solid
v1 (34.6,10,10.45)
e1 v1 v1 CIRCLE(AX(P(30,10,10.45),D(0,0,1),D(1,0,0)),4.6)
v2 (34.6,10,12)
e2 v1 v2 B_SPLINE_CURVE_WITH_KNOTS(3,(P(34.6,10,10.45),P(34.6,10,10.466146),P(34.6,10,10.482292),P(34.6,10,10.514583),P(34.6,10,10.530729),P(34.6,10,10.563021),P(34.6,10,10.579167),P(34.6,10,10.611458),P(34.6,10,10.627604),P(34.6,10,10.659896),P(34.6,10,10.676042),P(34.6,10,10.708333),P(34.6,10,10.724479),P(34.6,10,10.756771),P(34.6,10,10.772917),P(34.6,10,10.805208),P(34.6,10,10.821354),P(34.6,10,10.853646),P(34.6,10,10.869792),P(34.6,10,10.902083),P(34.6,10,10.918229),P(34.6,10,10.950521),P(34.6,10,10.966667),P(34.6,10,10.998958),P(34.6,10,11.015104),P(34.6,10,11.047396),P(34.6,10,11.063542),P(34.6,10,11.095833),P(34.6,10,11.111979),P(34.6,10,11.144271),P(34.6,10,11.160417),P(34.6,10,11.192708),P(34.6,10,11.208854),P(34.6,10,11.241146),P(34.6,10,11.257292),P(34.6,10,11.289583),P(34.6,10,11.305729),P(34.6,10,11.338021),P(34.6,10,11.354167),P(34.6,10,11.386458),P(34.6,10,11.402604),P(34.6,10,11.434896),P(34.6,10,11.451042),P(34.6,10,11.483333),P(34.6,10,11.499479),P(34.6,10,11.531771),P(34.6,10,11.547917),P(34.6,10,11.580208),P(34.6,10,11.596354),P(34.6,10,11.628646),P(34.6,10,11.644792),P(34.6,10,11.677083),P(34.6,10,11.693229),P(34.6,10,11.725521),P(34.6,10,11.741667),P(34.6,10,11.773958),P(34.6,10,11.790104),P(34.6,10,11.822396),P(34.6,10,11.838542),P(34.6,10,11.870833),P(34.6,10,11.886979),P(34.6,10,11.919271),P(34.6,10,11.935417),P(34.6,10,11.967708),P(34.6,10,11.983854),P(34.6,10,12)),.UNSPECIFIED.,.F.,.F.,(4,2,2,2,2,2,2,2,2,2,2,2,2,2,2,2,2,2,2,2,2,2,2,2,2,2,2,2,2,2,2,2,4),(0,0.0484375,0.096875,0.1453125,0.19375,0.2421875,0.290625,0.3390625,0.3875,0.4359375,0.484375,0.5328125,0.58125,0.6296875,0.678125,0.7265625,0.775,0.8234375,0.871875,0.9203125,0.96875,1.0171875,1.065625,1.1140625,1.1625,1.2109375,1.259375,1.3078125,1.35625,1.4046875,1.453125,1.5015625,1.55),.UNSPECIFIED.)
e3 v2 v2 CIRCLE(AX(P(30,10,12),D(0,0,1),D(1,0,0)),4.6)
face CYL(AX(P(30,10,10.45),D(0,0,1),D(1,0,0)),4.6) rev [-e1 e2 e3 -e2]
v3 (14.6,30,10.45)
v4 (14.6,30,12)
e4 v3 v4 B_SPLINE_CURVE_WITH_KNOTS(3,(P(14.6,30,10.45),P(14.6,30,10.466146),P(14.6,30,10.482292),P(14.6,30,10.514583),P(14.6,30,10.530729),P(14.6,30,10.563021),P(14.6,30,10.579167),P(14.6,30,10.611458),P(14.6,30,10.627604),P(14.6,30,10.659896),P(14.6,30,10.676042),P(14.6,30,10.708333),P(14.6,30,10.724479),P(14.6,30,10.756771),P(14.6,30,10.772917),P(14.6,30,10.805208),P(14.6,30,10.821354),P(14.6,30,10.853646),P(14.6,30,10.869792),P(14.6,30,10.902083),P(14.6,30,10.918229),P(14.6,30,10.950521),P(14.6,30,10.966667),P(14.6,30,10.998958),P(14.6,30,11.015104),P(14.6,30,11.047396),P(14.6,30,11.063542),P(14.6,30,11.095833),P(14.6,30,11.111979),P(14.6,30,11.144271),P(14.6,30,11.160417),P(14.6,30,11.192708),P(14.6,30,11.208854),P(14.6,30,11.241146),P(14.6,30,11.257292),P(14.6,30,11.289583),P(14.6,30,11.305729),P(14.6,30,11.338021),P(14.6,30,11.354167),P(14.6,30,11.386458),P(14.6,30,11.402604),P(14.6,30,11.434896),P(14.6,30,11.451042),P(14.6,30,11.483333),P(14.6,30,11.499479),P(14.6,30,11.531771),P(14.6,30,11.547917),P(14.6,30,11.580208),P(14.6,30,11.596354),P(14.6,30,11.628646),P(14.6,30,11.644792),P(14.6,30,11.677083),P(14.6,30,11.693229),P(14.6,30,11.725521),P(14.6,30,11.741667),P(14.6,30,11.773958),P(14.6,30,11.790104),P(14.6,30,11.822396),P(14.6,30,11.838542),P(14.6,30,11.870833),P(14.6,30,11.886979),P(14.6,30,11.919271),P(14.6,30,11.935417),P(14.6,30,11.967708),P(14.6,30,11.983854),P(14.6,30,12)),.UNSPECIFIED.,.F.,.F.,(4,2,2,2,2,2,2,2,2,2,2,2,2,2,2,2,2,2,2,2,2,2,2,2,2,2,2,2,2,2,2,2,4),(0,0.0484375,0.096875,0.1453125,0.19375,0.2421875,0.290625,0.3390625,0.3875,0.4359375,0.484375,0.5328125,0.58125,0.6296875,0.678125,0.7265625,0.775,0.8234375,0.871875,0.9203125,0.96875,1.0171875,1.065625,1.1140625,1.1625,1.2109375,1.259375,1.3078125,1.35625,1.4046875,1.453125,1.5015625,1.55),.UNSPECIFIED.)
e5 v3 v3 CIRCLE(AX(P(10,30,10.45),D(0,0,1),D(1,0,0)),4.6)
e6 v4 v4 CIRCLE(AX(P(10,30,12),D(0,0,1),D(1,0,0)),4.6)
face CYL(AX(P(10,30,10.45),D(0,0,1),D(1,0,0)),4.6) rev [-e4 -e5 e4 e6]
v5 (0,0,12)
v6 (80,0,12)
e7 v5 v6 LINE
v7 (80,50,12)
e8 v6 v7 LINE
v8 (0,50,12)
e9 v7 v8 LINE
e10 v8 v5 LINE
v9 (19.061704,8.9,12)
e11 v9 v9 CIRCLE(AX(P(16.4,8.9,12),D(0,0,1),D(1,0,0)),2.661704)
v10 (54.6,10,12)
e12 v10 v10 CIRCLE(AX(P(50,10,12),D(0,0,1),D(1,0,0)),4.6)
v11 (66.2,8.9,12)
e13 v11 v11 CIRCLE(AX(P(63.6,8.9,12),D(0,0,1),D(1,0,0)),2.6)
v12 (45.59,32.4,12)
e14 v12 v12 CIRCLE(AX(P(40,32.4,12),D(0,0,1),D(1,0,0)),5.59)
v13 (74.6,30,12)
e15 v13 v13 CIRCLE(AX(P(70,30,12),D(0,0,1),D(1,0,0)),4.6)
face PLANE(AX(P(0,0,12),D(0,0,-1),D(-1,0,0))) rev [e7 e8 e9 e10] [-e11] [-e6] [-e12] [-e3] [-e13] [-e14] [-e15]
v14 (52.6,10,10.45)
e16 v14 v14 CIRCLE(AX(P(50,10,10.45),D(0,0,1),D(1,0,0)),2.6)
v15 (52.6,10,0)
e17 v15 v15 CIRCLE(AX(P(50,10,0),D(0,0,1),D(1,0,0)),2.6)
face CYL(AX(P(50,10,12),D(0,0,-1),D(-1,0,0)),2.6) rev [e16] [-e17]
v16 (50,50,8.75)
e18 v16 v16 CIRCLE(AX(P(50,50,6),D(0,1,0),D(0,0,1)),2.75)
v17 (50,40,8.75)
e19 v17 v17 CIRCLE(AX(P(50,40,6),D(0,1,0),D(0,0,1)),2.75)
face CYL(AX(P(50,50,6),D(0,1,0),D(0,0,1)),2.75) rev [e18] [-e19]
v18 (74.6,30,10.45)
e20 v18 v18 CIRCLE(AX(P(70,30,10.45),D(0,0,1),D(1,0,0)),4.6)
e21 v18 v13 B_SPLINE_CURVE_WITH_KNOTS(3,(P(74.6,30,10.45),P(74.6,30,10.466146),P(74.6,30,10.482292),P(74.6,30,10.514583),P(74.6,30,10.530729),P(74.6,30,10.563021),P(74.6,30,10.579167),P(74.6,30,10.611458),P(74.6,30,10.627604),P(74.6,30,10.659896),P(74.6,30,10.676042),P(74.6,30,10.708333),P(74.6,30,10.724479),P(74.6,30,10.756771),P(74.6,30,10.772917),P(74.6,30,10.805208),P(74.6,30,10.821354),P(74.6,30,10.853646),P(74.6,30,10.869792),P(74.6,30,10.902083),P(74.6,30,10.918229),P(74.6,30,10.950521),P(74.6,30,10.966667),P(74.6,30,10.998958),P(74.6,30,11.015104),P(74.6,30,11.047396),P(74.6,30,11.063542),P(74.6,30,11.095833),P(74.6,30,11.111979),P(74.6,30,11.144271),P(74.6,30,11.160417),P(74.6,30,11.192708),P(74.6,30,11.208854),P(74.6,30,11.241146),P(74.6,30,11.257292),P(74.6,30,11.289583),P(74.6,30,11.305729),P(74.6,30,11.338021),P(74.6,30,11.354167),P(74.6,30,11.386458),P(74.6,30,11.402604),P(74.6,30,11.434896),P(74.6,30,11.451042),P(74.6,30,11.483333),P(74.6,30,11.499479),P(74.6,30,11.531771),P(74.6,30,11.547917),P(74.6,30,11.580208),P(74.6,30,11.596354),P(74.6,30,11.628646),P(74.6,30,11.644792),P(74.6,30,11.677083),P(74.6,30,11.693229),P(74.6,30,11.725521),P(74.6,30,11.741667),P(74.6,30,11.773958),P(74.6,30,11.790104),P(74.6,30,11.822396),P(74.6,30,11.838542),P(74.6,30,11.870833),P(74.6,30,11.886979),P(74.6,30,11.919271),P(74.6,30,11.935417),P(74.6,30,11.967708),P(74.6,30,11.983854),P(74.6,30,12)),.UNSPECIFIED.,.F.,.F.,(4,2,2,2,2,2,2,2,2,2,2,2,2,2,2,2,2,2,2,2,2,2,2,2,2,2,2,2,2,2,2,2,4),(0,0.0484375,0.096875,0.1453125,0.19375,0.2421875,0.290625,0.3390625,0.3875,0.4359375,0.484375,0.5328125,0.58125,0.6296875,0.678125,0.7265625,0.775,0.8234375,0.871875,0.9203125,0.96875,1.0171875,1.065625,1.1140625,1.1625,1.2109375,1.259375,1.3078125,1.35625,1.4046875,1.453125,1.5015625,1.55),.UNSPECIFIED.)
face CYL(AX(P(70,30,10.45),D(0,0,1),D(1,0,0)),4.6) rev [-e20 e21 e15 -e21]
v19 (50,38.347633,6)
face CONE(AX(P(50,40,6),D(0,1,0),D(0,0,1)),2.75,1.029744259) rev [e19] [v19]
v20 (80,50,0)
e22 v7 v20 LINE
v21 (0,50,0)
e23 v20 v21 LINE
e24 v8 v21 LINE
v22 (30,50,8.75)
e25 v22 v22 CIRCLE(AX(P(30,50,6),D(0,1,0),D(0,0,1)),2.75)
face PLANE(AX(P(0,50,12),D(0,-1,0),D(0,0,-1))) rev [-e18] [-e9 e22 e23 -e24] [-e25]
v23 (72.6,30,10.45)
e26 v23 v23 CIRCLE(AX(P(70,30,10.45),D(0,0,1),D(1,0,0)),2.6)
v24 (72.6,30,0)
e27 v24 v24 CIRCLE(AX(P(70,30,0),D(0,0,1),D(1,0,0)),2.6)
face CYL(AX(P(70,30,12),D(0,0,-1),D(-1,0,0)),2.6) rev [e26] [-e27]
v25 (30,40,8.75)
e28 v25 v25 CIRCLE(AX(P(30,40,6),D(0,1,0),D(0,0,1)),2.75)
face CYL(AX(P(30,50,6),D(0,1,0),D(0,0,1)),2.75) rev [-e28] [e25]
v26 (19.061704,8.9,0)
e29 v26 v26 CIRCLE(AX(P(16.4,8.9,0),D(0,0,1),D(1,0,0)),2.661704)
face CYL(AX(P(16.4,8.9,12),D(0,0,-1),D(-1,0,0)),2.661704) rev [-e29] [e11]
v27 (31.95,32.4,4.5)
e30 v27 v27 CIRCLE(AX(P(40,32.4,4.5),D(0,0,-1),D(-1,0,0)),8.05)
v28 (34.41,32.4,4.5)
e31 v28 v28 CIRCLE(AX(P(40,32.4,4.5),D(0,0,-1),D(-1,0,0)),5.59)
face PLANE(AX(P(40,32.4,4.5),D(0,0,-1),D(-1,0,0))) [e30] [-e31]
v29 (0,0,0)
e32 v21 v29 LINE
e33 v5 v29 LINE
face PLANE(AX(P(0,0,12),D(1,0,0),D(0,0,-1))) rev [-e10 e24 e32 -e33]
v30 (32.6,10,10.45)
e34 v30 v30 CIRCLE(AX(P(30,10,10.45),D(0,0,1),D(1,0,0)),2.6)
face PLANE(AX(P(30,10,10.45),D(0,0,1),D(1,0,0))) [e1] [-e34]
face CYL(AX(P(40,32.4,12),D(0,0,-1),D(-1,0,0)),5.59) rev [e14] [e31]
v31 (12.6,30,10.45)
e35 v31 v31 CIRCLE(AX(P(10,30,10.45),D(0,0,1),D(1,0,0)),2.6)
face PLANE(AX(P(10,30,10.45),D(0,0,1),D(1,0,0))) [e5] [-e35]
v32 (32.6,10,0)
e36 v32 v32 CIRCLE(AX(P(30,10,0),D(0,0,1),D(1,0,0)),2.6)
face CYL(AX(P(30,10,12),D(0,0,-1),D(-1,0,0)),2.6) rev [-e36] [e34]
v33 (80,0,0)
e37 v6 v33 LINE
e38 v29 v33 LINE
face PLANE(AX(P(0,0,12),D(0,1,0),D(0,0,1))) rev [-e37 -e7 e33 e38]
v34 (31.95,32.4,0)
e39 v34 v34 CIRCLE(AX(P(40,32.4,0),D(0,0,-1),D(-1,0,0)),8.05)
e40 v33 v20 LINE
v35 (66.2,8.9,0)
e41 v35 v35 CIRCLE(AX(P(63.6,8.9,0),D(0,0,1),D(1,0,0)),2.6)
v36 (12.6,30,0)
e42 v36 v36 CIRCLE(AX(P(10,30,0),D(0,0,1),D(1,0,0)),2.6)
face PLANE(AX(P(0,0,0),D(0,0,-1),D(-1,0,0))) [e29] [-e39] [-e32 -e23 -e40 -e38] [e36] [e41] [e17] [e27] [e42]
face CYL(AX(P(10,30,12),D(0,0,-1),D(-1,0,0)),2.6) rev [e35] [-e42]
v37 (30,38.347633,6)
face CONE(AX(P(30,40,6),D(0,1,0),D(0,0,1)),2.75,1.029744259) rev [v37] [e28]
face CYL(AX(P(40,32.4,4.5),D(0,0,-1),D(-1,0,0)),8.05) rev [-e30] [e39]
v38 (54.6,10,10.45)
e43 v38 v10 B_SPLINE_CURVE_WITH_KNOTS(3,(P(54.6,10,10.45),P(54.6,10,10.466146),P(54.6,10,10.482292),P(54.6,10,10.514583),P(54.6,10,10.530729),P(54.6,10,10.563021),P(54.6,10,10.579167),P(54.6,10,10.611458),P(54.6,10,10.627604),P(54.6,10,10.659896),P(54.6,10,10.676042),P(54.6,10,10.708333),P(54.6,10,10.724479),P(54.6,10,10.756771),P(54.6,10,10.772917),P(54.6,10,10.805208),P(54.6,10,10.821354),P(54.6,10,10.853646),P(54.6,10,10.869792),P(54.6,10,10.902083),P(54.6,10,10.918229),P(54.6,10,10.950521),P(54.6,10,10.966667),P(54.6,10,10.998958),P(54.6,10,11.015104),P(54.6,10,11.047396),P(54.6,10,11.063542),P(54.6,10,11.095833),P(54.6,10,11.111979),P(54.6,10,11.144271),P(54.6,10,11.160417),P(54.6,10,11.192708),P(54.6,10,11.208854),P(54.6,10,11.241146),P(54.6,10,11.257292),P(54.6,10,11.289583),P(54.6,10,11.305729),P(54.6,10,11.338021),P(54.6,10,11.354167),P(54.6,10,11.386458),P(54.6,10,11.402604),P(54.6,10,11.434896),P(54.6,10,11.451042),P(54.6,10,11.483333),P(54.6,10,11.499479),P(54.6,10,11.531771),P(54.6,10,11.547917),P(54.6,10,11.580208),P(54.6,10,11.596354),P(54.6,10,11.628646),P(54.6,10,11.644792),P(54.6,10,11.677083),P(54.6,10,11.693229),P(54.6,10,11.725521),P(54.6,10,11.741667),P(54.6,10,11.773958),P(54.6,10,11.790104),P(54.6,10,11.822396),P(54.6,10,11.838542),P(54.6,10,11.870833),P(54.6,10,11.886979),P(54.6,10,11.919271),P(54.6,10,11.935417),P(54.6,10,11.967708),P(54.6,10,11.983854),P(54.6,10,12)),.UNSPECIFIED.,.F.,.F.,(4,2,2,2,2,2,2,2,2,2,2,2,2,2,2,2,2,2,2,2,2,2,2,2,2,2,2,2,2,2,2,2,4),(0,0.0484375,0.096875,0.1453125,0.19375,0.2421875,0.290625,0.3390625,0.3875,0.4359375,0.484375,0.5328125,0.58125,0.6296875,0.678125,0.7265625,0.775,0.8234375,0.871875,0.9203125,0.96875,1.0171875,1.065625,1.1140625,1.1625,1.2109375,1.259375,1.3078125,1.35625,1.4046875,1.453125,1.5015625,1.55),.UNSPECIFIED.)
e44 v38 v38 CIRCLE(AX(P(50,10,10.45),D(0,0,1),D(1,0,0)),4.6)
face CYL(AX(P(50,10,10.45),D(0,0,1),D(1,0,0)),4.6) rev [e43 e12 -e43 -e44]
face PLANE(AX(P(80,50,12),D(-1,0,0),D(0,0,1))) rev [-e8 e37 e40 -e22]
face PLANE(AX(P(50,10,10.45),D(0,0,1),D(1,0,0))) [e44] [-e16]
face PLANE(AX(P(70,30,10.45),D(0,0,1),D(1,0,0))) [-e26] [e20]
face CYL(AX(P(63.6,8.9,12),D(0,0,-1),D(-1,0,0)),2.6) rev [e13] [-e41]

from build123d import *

# Parameters (mm, degrees)
CROQUIS1_W                       = 80
CROQUIS1_H                       = 50
CROQUIS1_R                       = 2.6
CROQUIS1_R_2                     = 5.59
CROQUIS1_R_3                     = 2.661703711
SALIENTE_EXTRUIR1_DEPTH          = 12
CROQUIS2_R                       = 4.6
CORTAR_EXTRUIR1_DEPTH            = 1.55
CROQUIS4_R                       = 8.05
CORTAR_EXTRUIR2_DEPTH            = 4.5
TALADRO_DE_MARGEN_PARA_M51_D     = 5.5
TALADRO_DE_MARGEN_PARA_M51_DEPTH = 10
TALADRO_DE_MARGEN_PARA_M51_TIP   = 1.652366702
TALADRO_DE_MARGEN_PARA_M52_D     = 5.5
TALADRO_DE_MARGEN_PARA_M52_DEPTH = 10
TALADRO_DE_MARGEN_PARA_M52_TIP   = 1.652366702


with BuildPart() as part:
    # Croquis1 → Saliente-Extruir1 (new body)
    with BuildSketch(Plane.XY):
        with Locations((40, 25)):
            Rectangle(CROQUIS1_W, CROQUIS1_H)
        with Locations((10, 30)):
            Circle(CROQUIS1_R, mode=Mode.SUBTRACT)
        with Locations((70, 30)):
            Circle(CROQUIS1_R, mode=Mode.SUBTRACT)
        with Locations((40, 32.4)):
            Circle(CROQUIS1_R_2, mode=Mode.SUBTRACT)
        with Locations((16.4, 8.9)):
            Circle(CROQUIS1_R_3, mode=Mode.SUBTRACT)
        with Locations((30, 10)):
            Circle(CROQUIS1_R, mode=Mode.SUBTRACT)
        with Locations((50, 10)):
            Circle(CROQUIS1_R, mode=Mode.SUBTRACT)
        with Locations((63.6, 8.9)):
            Circle(CROQUIS1_R, mode=Mode.SUBTRACT)
    extrude(amount=SALIENTE_EXTRUIR1_DEPTH)

    # Croquis2 → Cortar-Extruir1 (cut)
    with BuildSketch(Plane.XY.offset(12)):
        with Locations((10, 30)):
            Circle(CROQUIS2_R)
        with Locations((70, 30)):
            Circle(CROQUIS2_R)
        with Locations((30, 10)):
            Circle(CROQUIS2_R)
        with Locations((50, 10)):
            Circle(CROQUIS2_R)
    extrude(amount=-CORTAR_EXTRUIR1_DEPTH, mode=Mode.SUBTRACT)

    # Croquis4 → Cortar-Extruir2 (cut)
    with BuildSketch(Plane(origin=(0, 0, 0), x_dir=(-1, 0, 0), z_dir=(0, 0, -1))):
        with Locations((-40, 32.4)):
            Circle(CROQUIS4_R)
    extrude(amount=-CORTAR_EXTRUIR2_DEPTH, mode=Mode.SUBTRACT)

    # Taladro de margen para M51
    with Locations(Plane(origin=(30, 50, 6), x_dir=(0, 0, 1), z_dir=(0, 1, 0))):
        with Locations((0, 0)):
            Hole(TALADRO_DE_MARGEN_PARA_M51_D / 2, depth=TALADRO_DE_MARGEN_PARA_M51_DEPTH)
            with Locations((0, 0, -(TALADRO_DE_MARGEN_PARA_M51_DEPTH + TALADRO_DE_MARGEN_PARA_M51_TIP / 2))):  # 118° drill point
                Cone(0, TALADRO_DE_MARGEN_PARA_M51_D / 2, TALADRO_DE_MARGEN_PARA_M51_TIP, mode=Mode.SUBTRACT)

    # Taladro de margen para M52
    with Locations(Plane(origin=(50, 50, 6), x_dir=(0, 0, 1), z_dir=(0, 1, 0))):
        with Locations((0, 0)):
            Hole(TALADRO_DE_MARGEN_PARA_M52_D / 2, depth=TALADRO_DE_MARGEN_PARA_M52_DEPTH)
            with Locations((0, 0, -(TALADRO_DE_MARGEN_PARA_M52_DEPTH + TALADRO_DE_MARGEN_PARA_M52_TIP / 2))):  # 118° drill point
                Cone(0, TALADRO_DE_MARGEN_PARA_M52_D / 2, TALADRO_DE_MARGEN_PARA_M52_TIP, mode=Mode.SUBTRACT)


solid = part.part
